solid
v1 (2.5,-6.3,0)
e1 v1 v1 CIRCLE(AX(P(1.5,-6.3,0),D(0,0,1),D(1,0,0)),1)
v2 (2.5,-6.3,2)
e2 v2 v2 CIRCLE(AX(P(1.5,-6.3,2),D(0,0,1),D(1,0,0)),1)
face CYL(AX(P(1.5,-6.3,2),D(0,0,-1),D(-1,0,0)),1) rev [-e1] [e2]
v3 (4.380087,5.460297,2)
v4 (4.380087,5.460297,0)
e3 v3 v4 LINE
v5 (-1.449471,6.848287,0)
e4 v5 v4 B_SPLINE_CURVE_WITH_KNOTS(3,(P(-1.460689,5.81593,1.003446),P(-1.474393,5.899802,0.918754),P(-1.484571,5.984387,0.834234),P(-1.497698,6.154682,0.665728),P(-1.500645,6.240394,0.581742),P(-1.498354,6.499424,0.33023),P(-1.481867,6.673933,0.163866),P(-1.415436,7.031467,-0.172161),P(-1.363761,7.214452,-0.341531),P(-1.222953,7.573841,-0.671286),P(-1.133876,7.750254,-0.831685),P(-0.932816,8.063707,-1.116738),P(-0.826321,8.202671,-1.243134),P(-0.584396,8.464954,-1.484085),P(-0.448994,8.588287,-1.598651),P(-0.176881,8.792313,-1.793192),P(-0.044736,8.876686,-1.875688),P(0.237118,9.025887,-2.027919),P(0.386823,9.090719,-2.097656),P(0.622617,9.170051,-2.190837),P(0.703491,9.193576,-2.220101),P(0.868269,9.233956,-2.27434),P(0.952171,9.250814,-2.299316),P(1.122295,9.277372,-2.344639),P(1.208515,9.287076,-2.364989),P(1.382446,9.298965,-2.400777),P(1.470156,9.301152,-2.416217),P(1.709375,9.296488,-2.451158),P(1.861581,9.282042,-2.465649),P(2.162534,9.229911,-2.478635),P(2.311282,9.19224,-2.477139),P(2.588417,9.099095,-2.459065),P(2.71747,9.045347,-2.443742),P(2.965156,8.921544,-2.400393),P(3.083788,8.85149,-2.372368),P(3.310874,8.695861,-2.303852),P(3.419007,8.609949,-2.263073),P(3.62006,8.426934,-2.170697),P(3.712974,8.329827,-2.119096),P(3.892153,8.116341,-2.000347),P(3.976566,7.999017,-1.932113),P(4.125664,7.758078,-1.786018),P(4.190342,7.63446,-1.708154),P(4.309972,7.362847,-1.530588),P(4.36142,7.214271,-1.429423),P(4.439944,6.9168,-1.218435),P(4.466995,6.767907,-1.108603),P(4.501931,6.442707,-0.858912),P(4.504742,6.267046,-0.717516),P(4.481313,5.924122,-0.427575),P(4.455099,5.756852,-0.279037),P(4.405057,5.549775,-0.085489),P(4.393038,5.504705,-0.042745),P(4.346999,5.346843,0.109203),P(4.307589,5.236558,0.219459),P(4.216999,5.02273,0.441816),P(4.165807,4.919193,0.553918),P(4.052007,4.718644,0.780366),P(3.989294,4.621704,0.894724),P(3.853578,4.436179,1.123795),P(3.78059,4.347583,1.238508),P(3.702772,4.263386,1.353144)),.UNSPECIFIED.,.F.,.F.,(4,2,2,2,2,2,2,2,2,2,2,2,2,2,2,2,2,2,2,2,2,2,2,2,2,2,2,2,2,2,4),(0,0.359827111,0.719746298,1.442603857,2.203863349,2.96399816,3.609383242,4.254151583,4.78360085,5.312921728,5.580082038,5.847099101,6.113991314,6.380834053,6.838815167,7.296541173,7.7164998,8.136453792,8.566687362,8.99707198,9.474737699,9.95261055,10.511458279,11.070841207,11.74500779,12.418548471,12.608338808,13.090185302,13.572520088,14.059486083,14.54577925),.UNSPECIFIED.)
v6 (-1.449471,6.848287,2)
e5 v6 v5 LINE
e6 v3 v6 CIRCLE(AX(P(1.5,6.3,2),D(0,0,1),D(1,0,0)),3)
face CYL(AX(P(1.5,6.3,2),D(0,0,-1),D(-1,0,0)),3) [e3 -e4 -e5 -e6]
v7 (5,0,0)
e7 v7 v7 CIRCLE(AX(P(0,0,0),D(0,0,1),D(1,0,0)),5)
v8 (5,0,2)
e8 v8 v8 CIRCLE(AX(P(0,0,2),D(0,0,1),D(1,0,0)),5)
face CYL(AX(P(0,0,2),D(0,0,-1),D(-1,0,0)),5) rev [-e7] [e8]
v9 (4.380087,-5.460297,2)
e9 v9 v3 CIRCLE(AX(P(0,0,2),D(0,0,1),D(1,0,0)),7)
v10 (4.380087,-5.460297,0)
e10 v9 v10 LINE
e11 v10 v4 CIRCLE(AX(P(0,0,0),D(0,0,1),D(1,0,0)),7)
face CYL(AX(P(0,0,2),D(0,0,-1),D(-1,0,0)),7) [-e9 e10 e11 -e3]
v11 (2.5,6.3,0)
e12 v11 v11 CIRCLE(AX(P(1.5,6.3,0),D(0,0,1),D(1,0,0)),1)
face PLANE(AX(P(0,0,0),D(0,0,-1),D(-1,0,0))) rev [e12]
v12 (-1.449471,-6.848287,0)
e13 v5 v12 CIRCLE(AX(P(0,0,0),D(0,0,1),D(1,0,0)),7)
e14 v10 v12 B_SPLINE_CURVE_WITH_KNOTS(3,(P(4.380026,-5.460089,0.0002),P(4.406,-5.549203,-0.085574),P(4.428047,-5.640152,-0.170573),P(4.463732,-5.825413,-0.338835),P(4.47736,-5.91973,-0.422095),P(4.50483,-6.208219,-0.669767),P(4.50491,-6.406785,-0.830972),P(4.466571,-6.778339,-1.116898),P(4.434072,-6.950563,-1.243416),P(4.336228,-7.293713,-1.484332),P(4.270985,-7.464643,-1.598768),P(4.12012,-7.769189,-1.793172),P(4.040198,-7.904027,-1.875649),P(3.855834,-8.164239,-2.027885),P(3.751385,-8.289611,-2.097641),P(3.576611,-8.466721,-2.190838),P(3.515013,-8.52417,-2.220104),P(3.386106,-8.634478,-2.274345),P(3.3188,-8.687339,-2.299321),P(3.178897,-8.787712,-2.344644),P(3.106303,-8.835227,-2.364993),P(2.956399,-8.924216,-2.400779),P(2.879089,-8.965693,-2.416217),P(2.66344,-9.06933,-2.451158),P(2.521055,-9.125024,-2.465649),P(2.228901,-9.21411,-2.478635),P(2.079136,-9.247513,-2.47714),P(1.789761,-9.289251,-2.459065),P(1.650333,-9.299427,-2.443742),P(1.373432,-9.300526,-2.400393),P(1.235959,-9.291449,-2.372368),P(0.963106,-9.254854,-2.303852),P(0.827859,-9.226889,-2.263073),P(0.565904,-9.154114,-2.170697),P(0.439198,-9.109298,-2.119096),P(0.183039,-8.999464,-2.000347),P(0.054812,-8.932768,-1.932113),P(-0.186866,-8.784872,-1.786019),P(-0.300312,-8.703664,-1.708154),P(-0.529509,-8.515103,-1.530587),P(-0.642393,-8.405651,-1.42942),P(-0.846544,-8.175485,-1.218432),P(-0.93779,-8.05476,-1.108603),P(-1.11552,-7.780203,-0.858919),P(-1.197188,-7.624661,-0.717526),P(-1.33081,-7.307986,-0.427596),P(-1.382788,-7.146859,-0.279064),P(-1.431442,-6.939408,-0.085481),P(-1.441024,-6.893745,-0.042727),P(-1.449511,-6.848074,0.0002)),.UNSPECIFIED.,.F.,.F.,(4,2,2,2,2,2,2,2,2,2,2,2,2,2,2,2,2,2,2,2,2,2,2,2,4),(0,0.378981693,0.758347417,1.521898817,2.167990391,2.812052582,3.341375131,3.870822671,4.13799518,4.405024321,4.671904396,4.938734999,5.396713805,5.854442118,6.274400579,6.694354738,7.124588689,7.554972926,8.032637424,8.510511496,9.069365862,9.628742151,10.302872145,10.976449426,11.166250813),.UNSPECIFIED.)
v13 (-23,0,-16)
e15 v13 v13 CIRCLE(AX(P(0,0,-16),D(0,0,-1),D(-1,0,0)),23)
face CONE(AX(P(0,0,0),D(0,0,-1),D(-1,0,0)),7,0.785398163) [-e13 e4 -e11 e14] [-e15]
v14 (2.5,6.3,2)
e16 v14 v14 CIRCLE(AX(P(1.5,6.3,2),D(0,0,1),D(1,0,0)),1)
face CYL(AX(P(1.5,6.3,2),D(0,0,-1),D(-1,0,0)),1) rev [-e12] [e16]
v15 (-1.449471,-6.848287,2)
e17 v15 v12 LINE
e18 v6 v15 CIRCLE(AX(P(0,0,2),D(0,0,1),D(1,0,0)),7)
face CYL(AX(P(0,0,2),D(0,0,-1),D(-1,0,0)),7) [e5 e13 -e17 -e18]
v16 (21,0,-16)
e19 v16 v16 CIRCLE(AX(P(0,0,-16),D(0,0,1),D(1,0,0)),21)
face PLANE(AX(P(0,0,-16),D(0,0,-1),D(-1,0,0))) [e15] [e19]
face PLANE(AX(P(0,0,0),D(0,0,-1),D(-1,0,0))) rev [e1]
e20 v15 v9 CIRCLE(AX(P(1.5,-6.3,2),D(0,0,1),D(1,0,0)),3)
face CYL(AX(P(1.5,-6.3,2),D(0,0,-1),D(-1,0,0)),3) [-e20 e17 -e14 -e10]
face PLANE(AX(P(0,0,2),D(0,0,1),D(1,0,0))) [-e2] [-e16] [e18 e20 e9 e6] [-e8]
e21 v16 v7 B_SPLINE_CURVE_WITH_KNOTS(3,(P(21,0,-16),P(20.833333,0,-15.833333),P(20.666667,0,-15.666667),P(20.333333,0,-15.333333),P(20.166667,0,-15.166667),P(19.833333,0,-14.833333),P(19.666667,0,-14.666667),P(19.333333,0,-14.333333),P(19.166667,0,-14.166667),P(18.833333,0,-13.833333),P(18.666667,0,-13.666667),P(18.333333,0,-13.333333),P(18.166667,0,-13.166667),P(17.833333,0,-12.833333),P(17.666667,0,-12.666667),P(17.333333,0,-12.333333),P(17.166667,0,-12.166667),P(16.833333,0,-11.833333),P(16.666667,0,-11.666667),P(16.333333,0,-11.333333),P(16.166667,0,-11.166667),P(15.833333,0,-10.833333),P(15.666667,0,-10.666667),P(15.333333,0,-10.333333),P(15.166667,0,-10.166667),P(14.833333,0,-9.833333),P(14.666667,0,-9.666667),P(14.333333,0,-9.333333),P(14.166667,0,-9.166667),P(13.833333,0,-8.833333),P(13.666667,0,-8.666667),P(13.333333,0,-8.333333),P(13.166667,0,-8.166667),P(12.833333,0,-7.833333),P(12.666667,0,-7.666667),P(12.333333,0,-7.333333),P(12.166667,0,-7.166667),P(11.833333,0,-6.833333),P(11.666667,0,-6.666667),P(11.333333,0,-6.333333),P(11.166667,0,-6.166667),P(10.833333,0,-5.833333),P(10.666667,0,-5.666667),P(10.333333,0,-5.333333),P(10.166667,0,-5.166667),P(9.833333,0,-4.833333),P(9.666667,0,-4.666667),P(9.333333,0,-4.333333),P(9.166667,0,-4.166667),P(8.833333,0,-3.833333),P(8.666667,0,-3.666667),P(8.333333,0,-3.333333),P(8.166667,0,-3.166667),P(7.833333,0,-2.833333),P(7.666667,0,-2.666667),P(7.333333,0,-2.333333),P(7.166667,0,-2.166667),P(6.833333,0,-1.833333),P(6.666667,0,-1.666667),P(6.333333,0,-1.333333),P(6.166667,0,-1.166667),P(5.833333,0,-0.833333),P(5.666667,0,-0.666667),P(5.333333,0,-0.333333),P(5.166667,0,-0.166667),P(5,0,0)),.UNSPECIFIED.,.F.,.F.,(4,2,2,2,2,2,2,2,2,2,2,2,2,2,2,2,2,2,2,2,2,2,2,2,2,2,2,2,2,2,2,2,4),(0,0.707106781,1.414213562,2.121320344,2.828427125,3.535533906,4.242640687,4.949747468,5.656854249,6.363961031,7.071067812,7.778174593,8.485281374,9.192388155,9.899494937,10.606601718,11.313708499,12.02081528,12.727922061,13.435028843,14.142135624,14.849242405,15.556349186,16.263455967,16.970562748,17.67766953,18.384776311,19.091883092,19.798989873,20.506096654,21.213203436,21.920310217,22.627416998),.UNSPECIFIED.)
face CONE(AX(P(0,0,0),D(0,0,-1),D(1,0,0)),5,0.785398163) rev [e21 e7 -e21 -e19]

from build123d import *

# Parameters (mm, degrees)
SKETCH_1_R          = 1
SKETCH_1_R_2        = 5
EXTRUDE_1_DEPTH     = 2
SKETCH_2_R          = 7
EXTRUDE_2_DEPTH     = 16
EXTRUDE_2_DRAFT     = -45
SKETCH_3_R          = 5
CUT_EXTRUDE_1_DEPTH = 37.249137921
CUT_EXTRUDE_1_DRAFT = 45
EXTRUDE_3_REACH     = 38.249
EXTRUDE_5_REACH     = 38.249
SKETCH_5_R          = 1


with BuildPart() as part:
    # Эскиз1 → Бобышка-Вытянуть1 (new body)
    with BuildSketch(Plane.XY):
        with BuildLine():
            ThreePointArc((-1.4494714, 6.848286841), (-7, 0), (-1.4494714, -6.848286841))
            ThreePointArc((-1.4494714, -6.848286841), (2.194861582, -9.218418644), (4.380086565, -5.46029685))
            ThreePointArc((4.380086565, -5.46029685), (7, 0), (4.380086565, 5.46029685))
            ThreePointArc((4.380086565, 5.46029685), (2.194861582, 9.218418644), (-1.4494714, 6.848286841))
        make_face()
        with Locations((1.5, 6.3)):
            Circle(SKETCH_1_R, mode=Mode.SUBTRACT)
        with Locations((1.5, -6.3)):
            Circle(SKETCH_1_R, mode=Mode.SUBTRACT)
        Circle(SKETCH_1_R_2, mode=Mode.SUBTRACT)
    extrude(amount=EXTRUDE_1_DEPTH)


with BuildPart() as extrude_2_tool:
    # Эскиз2 → Бобышка-Вытянуть2 (with draft: the straight prism first)
    with BuildSketch(Plane(origin=(0, 0, 0), x_dir=(-1, 0, 0), z_dir=(0, 0, -1))):
        Circle(SKETCH_2_R)
    extrude(amount=EXTRUDE_2_DEPTH)
    # Бобышка-Вытянуть2: the draft: its side faces are tilted about the plane it starts from
    extrude_2_sides = [extrude_2_tool.faces().sort_by_distance(p)[0] for p in [
        (7, 0, -8),
    ]]
    draft(extrude_2_sides, Plane(origin=(0, 0, 0), x_dir=(-1, 0, 0), z_dir=(0, 0, -1)), EXTRUDE_2_DRAFT)


with BuildPart() as part_1:
    add(part.part)

    # Бобышка-Вытянуть2: add extrude_2_tool
    add(extrude_2_tool.part)


with BuildPart() as cut_extrude_1_tool:
    # Эскиз3 → Вырез-Вытянуть1 (with draft: the straight prism first)
    with BuildSketch(Plane.XY):
        Circle(SKETCH_3_R)
    extrude(amount=-CUT_EXTRUDE_1_DEPTH)
    # Вырез-Вытянуть1: the draft: its side faces are tilted about the plane it starts from
    cut_extrude_1_sides = [cut_extrude_1_tool.faces().sort_by_distance(p)[0] for p in [
        (-5, 0, -18.62456896),
    ]]
    draft(cut_extrude_1_sides, Plane.XY, CUT_EXTRUDE_1_DRAFT)


with BuildPart() as part_2:
    add(part_1.part)

    # Вырез-Вытянуть1: cut by cut_extrude_1_tool
    add(cut_extrude_1_tool.part, mode=Mode.SUBTRACT)

    # Эскиз4 → Бобышка-Вытянуть3 (add, up to next)
    with BuildSketch(Plane(origin=(0, 0, 0), x_dir=(-1, 0, 0), z_dir=(0, 0, -1)), mode=Mode.PRIVATE) as extrude_3_sk1:
        with BuildLine():
            ThreePointArc((-4.380086565, -5.46029685), (-3.467221669, -6.080984616), (-2.468130818, -6.550445043))
            ThreePointArc((-2.468130818, -6.550445043), (-1.731620527, -7.272806215), (-0.74860738, -6.959855386))
            ThreePointArc((-0.74860738, -6.959855386), (0.354844302, -6.991000323), (1.4494714, -6.848286841))
            ThreePointArc((1.4494714, -6.848286841), (-2.194861582, -9.218418644), (-4.380086565, -5.46029685))
        make_face()
    extrude_3_tool1 = extrude(extrude_3_sk1.sketch, amount=EXTRUDE_3_REACH, mode=Mode.PRIVATE) - part_2.part
    # Эскиз4 → Бобышка-Вытянуть3 (add, up to next)
    with BuildSketch(Plane(origin=(0, 0, 0), x_dir=(-1, 0, 0), z_dir=(0, 0, -1)), mode=Mode.PRIVATE) as extrude_3_sk2:
        with BuildLine():
            ThreePointArc((1.4494714, 6.848286841), (0.354844302, 6.991000323), (-0.74860738, 6.959855386))
            ThreePointArc((-0.74860738, 6.959855386), (-1.731620527, 7.272806215), (-2.468130818, 6.550445043))
            ThreePointArc((-2.468130818, 6.550445043), (-3.467221669, 6.080984616), (-4.380086565, 5.46029685))
            ThreePointArc((-4.380086565, 5.46029685), (-2.194861582, 9.218418644), (1.4494714, 6.848286841))
        make_face()
    extrude_3_tool2 = extrude(extrude_3_sk2.sketch, amount=EXTRUDE_3_REACH, mode=Mode.PRIVATE) - part_2.part
    add(extrude_3_tool1.solids().sort_by_distance((1.839664, -7.72659, 0))[0])
    add(extrude_3_tool2.solids().sort_by_distance((1.839664, 7.72659, 0))[0])

    # Эскиз5 → Бобышка-Вытянуть5 (add, up to next)
    with BuildSketch(Plane.XY, mode=Mode.PRIVATE) as extrude_5_sk1:
        with Locations((1.5, 6.3)):
            Circle(SKETCH_5_R)
    extrude_5_tool1 = extrude(extrude_5_sk1.sketch, amount=-EXTRUDE_5_REACH, mode=Mode.PRIVATE) - part_2.part
    # Эскиз5 → Бобышка-Вытянуть5 (add, up to next)
    with BuildSketch(Plane.XY, mode=Mode.PRIVATE) as extrude_5_sk2:
        with Locations((1.5, -6.3)):
            Circle(SKETCH_5_R)
    extrude_5_tool2 = extrude(extrude_5_sk2.sketch, amount=-EXTRUDE_5_REACH, mode=Mode.PRIVATE) - part_2.part
    add(extrude_5_tool1.solids().sort_by_distance((1.5, 6.3, 0))[0])
    add(extrude_5_tool2.solids().sort_by_distance((1.5, -6.3, 0))[0])


solid = part_2.part
